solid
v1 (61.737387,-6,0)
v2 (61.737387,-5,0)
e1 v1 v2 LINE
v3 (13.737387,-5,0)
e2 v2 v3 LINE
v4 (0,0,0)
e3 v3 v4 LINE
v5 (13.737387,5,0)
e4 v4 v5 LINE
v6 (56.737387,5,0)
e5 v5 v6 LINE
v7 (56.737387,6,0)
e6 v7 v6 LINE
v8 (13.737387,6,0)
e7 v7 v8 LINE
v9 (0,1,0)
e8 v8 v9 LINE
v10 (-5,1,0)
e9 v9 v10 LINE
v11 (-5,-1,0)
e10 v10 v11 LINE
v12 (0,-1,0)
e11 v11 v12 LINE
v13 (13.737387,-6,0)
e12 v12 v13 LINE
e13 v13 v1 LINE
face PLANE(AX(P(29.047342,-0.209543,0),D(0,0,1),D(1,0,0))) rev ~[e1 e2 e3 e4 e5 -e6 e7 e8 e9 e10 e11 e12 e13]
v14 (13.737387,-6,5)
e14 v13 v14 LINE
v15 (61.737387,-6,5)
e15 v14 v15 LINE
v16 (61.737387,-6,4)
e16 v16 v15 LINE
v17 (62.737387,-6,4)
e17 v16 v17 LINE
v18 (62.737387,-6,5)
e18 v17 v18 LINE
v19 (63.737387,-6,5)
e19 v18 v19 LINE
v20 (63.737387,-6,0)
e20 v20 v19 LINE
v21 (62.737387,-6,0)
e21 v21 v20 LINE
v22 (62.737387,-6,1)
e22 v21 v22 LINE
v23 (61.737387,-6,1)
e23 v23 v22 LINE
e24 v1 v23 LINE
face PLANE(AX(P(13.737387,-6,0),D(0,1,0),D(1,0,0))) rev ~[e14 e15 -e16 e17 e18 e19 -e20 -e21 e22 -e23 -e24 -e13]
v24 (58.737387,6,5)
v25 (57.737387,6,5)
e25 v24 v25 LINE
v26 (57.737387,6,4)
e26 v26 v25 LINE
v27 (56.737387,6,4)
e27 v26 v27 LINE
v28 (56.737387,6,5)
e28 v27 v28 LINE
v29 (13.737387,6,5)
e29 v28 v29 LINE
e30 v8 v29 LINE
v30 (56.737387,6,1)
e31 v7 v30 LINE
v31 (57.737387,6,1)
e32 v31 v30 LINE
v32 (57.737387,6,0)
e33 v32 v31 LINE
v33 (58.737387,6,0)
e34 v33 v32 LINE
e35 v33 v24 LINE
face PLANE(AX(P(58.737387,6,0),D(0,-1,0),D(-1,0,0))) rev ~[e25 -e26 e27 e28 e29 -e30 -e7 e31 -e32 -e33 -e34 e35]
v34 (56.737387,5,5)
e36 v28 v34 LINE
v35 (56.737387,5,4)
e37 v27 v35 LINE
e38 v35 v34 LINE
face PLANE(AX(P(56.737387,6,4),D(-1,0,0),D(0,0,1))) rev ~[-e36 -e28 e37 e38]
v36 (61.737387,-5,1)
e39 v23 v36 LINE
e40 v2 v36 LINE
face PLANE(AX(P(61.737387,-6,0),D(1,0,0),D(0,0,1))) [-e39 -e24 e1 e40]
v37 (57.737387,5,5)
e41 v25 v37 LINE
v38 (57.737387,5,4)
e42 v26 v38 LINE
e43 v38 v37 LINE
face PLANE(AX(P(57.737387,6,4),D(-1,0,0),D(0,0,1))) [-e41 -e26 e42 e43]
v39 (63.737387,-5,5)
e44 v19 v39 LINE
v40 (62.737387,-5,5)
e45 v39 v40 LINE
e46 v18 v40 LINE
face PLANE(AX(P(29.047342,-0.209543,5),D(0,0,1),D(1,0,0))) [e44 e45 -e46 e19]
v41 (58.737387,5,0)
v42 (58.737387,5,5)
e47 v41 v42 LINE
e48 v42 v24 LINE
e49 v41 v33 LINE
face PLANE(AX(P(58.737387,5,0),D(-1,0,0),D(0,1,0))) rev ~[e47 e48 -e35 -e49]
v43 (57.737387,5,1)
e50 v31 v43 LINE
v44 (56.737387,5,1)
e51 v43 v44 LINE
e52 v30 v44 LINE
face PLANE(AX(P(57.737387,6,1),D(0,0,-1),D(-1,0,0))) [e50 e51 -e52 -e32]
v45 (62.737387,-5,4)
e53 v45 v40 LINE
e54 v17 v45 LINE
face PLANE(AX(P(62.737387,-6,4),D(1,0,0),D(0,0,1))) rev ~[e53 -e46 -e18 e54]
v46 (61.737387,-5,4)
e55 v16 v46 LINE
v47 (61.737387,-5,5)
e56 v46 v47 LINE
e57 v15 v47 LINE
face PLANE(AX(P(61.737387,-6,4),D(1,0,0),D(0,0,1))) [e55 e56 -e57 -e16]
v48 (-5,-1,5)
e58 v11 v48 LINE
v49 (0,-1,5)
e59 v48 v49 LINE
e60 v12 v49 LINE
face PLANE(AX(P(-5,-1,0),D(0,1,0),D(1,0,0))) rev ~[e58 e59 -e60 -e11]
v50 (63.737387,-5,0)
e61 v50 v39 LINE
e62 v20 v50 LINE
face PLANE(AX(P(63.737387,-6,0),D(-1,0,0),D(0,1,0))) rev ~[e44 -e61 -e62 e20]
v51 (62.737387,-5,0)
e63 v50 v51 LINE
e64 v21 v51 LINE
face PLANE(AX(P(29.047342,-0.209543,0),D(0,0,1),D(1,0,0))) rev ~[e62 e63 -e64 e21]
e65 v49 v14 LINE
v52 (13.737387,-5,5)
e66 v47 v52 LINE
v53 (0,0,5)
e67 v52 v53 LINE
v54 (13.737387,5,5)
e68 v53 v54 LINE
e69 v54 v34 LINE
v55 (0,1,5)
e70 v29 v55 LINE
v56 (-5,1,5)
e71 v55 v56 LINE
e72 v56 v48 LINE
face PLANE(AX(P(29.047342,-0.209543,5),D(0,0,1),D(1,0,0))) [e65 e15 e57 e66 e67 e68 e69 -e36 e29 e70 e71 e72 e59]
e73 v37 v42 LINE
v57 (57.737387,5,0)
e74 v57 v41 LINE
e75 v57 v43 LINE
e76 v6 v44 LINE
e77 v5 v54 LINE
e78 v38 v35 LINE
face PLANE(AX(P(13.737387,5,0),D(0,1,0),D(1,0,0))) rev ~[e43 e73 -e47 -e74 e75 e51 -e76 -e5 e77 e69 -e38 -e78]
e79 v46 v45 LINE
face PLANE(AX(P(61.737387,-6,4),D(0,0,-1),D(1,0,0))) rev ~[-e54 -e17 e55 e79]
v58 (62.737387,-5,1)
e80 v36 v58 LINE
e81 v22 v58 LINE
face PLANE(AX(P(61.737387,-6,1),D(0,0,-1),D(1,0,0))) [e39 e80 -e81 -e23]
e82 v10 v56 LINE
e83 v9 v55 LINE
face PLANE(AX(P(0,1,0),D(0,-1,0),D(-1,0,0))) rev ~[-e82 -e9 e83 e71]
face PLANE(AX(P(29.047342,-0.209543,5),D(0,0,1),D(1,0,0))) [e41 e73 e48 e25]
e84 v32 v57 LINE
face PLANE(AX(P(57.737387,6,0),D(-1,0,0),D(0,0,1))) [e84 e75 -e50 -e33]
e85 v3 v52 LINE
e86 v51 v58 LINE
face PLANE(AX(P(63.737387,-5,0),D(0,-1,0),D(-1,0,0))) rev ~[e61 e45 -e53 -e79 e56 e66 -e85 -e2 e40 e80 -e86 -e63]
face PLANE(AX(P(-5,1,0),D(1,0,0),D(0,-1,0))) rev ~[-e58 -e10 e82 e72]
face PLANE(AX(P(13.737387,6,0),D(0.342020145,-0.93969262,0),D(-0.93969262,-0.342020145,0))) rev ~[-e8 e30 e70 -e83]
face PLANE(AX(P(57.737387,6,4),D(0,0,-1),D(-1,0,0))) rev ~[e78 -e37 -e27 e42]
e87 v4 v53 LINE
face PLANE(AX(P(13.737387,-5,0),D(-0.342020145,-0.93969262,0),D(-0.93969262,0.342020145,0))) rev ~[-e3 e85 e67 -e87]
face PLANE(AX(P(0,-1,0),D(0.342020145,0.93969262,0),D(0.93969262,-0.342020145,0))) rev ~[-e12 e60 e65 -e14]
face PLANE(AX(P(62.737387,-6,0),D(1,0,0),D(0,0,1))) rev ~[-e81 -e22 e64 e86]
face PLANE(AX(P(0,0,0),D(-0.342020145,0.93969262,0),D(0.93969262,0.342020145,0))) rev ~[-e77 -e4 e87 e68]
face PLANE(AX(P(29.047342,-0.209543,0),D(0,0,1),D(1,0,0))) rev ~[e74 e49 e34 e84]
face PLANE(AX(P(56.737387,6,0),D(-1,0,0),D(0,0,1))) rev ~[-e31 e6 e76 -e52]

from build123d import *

# Parameters (mm, degrees)
F1_DEPTH = 5
F2_W     = 1
F2_H     = 1
F3_DEPTH = 1
F4_W     = 1
F4_H     = 1
F5_DEPTH = 1


with BuildPart() as f1:
    # F0 (on Top) → F1 (new body)
    with BuildSketch(Plane.XY):
        Polygon((13.737387, -5), (0, 0), (13.737387, 5), (58.737387, 5), (58.737387, 6), (13.737387, 6), (0, 1), (-5, 1), (-5, -1), (0, -1), (13.737387, -6), (63.737387, -6), (63.737387, -5), align=None)
    extrude(amount=F1_DEPTH)

    # F2 (on face) → F3 (cut, through all)
    with BuildSketch(Plane(origin=(0, 6, 0), x_dir=(-1, 0, 0), z_dir=(0, 1, 0))):
        with Locations((-57.237387, 4.5)):
            Rectangle(F2_W, F2_H)
        with Locations((-57.237387, 0.5)):
            Rectangle(F2_W, F2_H)
    extrude(amount=-F3_DEPTH, mode=Mode.SUBTRACT)

    # F4 (on face) → F5 (cut, through all)
    with BuildSketch(Plane.XZ.offset(6)):
        with Locations((62.237387, 4.5)):
            Rectangle(F4_W, F4_H)
        with Locations((62.237387, 0.5)):
            Rectangle(F4_W, F4_H)
    extrude(amount=-F5_DEPTH, mode=Mode.SUBTRACT)


solid = f1.part
